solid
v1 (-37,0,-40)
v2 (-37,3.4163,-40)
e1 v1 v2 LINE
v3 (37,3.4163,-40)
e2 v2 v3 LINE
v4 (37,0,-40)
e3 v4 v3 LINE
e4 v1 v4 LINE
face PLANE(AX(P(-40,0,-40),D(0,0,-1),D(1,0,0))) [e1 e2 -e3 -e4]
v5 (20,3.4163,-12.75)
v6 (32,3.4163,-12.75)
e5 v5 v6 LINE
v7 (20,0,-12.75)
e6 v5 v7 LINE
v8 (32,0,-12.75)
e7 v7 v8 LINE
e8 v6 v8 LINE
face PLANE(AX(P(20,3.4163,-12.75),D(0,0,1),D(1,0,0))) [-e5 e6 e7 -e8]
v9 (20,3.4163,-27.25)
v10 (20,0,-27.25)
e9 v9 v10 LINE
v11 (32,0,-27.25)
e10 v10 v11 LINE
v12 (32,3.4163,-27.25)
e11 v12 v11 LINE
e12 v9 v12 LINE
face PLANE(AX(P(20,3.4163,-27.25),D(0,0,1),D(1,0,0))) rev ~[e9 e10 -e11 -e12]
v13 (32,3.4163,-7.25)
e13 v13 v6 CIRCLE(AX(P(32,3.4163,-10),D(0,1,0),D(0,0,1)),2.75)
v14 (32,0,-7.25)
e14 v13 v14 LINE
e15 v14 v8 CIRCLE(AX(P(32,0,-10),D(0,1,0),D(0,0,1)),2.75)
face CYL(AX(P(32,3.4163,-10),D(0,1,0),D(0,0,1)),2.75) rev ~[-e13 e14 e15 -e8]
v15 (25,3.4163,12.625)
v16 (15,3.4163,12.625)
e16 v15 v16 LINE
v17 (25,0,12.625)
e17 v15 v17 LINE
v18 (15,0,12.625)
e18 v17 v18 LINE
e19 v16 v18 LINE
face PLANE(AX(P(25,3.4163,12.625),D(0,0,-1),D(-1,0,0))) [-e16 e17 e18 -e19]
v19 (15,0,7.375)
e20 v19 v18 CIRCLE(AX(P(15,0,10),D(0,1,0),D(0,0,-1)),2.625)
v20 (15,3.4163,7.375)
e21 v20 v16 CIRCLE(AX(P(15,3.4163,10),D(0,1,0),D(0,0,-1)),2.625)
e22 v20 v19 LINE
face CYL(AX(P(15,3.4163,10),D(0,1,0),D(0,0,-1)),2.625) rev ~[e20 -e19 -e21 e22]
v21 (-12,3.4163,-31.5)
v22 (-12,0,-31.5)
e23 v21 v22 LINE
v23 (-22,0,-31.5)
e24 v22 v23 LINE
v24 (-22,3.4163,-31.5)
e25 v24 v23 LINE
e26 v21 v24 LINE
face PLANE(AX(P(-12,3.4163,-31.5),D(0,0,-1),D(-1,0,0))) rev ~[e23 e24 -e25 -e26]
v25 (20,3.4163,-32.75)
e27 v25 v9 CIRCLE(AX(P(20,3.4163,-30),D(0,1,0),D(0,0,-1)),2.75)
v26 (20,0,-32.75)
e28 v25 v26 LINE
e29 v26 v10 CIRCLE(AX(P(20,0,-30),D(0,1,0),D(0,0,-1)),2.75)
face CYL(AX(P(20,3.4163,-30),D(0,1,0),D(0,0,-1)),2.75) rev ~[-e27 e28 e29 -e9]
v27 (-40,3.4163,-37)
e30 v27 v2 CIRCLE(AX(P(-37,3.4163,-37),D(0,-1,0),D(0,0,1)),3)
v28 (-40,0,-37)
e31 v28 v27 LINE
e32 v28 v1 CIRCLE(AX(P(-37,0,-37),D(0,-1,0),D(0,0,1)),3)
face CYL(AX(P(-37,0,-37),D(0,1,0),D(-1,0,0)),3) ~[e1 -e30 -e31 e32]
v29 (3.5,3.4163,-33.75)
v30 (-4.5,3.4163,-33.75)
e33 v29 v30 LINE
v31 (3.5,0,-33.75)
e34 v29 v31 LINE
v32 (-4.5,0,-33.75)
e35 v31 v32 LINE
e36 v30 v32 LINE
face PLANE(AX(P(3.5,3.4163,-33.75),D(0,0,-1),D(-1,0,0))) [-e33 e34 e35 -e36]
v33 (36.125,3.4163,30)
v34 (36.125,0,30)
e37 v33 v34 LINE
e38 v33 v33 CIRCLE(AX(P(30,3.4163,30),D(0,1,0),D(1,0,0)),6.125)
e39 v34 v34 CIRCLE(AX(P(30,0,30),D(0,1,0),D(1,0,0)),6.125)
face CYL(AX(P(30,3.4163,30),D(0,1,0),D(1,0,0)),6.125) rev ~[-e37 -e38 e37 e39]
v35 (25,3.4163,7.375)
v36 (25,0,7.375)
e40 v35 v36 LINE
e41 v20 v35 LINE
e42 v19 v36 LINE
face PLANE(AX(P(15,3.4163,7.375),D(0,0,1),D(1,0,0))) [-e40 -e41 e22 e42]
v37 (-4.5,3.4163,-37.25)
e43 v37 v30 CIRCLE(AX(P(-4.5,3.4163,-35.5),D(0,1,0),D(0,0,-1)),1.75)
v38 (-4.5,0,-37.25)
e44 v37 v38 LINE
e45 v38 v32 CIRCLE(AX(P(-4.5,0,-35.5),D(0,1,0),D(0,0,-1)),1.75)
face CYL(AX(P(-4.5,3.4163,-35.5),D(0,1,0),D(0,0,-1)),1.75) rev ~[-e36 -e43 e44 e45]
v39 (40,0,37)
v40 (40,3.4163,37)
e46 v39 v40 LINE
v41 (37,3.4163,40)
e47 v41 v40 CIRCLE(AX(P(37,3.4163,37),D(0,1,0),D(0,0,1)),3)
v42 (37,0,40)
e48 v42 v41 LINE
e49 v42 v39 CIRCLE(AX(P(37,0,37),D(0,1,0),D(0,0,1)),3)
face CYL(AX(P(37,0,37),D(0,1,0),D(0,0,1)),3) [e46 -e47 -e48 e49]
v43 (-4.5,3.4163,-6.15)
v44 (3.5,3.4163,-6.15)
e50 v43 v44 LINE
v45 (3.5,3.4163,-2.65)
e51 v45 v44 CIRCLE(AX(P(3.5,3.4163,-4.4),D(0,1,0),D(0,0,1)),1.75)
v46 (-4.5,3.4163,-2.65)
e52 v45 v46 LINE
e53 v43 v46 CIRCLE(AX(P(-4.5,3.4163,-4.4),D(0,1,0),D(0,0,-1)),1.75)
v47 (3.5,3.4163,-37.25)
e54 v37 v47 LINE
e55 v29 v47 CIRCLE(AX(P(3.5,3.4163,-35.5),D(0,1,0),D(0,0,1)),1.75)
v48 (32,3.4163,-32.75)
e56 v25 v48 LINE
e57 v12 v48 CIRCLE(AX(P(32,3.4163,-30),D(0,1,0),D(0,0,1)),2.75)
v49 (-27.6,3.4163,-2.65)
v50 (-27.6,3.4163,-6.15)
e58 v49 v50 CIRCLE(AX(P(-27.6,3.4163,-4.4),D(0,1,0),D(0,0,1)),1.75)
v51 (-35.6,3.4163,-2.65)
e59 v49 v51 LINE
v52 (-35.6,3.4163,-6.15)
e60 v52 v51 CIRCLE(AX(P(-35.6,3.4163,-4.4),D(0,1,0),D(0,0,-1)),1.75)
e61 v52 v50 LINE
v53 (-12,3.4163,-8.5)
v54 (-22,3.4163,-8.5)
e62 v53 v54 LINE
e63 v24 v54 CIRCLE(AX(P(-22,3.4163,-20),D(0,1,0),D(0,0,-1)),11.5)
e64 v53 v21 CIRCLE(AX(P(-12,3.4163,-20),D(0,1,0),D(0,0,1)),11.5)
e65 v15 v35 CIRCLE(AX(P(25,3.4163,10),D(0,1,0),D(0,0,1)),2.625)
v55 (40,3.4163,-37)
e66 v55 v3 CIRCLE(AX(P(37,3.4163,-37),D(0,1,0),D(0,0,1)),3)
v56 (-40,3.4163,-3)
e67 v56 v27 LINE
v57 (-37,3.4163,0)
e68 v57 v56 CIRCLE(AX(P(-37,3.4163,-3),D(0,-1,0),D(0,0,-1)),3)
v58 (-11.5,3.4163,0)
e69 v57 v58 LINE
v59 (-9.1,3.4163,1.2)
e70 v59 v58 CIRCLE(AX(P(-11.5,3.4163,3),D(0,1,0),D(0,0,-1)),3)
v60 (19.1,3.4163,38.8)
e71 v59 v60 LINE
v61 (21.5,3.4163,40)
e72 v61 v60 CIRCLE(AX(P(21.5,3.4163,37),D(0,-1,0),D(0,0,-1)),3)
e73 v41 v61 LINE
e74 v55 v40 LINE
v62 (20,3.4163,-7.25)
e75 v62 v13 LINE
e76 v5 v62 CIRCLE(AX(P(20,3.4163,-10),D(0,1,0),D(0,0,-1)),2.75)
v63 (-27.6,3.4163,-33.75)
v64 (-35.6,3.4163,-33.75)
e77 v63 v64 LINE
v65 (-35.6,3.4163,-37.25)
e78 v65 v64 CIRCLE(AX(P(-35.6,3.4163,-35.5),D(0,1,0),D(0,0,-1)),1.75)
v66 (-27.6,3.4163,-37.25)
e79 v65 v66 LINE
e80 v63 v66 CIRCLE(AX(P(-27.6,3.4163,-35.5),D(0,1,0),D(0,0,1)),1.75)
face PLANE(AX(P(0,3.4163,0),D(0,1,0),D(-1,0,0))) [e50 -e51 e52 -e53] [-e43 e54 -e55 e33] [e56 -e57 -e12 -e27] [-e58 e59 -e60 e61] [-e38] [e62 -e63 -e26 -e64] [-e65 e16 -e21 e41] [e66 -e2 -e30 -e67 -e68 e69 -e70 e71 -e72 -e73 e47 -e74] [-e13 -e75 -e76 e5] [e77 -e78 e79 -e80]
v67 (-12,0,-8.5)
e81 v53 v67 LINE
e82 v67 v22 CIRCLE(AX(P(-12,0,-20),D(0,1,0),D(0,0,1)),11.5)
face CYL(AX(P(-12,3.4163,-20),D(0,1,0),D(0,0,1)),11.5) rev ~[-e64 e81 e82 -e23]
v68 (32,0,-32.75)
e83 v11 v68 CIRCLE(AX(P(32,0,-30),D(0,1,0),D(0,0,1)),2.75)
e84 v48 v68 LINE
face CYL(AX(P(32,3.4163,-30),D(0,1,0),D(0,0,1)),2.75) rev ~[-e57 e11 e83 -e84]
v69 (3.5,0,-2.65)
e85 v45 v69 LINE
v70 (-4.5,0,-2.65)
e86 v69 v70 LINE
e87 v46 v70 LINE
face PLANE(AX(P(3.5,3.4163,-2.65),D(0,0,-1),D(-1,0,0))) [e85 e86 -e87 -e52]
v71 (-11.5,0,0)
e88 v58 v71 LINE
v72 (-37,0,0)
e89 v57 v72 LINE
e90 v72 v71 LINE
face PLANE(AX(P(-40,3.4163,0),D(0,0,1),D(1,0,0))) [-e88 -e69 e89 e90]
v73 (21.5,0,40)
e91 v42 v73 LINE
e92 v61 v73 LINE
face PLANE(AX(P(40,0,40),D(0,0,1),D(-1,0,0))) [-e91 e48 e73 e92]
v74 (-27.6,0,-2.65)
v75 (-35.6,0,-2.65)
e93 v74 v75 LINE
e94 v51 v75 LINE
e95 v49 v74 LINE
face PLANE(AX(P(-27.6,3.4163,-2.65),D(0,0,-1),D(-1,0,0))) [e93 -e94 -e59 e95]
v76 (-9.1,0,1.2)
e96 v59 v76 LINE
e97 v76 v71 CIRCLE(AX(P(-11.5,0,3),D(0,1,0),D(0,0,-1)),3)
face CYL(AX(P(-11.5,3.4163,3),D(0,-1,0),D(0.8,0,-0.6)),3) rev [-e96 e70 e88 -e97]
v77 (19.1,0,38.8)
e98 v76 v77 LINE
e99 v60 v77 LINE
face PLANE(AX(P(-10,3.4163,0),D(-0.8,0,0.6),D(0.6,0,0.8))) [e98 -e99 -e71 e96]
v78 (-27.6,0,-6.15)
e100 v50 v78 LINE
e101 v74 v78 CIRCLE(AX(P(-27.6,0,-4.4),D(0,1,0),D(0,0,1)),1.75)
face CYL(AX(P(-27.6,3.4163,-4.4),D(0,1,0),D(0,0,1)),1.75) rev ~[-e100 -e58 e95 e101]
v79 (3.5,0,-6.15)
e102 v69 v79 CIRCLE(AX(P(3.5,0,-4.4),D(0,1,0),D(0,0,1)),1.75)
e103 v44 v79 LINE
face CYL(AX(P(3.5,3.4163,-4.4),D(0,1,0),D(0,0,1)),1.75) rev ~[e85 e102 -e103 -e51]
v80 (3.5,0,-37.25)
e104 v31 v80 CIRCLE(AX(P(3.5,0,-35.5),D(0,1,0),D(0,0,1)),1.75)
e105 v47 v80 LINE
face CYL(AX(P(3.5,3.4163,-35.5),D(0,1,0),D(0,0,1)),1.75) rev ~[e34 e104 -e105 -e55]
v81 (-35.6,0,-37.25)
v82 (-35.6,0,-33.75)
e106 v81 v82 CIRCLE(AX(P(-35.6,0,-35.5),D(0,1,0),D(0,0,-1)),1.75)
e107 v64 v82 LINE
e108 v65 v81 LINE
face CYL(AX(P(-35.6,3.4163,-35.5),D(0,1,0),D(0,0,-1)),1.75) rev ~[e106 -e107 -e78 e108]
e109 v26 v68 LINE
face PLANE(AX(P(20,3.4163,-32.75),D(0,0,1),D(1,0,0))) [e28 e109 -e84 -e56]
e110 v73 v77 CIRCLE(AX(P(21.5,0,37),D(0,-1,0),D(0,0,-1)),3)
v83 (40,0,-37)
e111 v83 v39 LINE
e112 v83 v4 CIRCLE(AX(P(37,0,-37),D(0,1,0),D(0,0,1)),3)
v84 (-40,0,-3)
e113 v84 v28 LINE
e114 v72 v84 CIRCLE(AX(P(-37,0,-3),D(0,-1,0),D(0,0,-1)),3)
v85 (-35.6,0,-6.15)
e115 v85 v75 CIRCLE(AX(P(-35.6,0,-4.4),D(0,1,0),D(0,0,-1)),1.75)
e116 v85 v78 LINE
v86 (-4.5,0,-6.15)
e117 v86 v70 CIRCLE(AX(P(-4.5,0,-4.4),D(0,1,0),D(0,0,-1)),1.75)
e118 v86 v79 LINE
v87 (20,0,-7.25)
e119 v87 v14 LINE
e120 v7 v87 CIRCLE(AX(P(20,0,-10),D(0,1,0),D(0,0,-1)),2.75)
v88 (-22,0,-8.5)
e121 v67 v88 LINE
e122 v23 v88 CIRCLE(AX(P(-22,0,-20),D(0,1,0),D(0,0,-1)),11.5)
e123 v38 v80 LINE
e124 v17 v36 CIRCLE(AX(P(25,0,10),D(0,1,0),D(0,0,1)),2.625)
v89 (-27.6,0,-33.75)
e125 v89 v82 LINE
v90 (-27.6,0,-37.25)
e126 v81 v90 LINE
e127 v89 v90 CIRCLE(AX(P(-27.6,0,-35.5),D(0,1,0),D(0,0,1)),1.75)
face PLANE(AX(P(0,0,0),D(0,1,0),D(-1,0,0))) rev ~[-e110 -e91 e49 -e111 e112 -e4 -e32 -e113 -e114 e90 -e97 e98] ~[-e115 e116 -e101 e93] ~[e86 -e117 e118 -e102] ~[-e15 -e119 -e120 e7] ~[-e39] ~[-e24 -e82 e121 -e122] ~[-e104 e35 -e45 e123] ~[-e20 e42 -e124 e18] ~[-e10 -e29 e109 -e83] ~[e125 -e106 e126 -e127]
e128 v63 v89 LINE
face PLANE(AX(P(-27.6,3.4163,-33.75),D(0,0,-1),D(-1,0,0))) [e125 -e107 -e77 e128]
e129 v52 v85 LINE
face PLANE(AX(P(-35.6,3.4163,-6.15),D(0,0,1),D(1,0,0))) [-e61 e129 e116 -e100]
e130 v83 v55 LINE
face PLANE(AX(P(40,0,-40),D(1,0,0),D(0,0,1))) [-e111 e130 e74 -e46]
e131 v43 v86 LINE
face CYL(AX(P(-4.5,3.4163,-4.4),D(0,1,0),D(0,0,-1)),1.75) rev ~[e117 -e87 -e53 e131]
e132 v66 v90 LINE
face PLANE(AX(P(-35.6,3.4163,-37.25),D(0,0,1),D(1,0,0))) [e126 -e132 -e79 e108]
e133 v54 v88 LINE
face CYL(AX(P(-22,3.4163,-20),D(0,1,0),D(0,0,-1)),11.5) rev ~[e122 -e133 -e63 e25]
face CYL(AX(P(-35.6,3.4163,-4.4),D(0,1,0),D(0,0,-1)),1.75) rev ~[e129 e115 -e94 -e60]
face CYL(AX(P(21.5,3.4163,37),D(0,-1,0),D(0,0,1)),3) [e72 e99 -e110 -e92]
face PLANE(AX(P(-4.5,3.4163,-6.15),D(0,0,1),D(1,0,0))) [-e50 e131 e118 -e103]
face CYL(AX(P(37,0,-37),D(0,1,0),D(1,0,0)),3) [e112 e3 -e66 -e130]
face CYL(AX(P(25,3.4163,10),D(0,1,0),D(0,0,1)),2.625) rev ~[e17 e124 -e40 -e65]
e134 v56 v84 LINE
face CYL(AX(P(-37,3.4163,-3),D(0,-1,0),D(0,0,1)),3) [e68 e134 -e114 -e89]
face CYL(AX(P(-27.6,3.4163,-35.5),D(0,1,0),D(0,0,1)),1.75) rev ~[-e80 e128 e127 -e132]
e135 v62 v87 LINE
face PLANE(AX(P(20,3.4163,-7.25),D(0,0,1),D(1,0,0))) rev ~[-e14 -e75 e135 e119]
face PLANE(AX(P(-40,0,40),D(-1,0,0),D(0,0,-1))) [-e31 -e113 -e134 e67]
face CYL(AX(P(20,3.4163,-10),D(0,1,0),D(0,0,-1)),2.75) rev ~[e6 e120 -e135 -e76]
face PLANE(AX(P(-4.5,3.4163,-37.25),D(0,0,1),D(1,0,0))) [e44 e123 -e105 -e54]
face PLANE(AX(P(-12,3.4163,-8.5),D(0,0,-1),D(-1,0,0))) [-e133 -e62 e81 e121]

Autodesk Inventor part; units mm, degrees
ref_plane "YZ Plane" through (0, 0, 0) normal (1, 0, 0) x (0, 1, 0)
ref_plane "XZ Plane" through (0, 0, 0) normal (0, 1, 0) x (-1, 0, 0)
ref_plane "XY Plane" through (0, 0, 0) normal (0, 0, 1) x (1, 0, 0)
sketch "Sketch1" plane through (0, 0, 0) normal (0, 1, 0) x (-1, 0, 0)
  line L0 (-40, 40) -> (40, 40)
  line L1 (40, 40) -> (40, -40)
  line L2 (40, -40) -> (-40, -40)
  line L3 (-40, -40) -> (-40, 40)
  point P0 (0, 0)
  dimension "d0" = 80
  dimension "d1" = 80
  dimension "d2" = 40
  dimension "d3" = 40
extrude "Extrusion1" add sketch "Sketch1" along normal blind 3.4163
sketch "Sketch2" plane through (0, 3.4163, 0) normal (0, 1, 0) x (1, 0, 0)
  line L0 (40, -40) -> (40, 40) projected
  line L1 (40, 40) -> (-40, 40) projected
  arc A0 (20, 32.75) -> (20, 27.25) centre (20, 30) ccw
  arc A1 (20, 12.75) -> (20, 7.25) centre (20, 10) ccw
  line L2 (20, 32.75) -> (32, 32.75)
  line L3 (20, 27.25) -> (32, 27.25)
  line L4 (20, 12.75) -> (32, 12.75)
  line L5 (20, 7.25) -> (32, 7.25)
  arc A2 (32, 27.25) -> (32, 32.75) centre (32, 30) ccw
  arc A3 (32, 7.25) -> (32, 12.75) centre (32, 10) ccw
  point P0 (0, 0)
  point P1 (40, 32.75)
  point P2 (40, 27.25)
  point P3 (40, 12.75)
  point P4 (40, 7.25)
  dimension "d6" = 5.5
  dimension "d7" = 5.5
  dimension "d8" = 20
  dimension "d9" = 10
  dimension "d10" = 20
  dimension "d11" = 20
  dimension "d72" = 5.5
  dimension "d73" = 10
  dimension "d74" = 8
  dimension "d75" = 5.5
  dimension "d76" = 20
  dimension "d77" = 8
extrude "Extrusion2" cut sketch "Sketch2" against normal through all
sketch "Sketch3" plane through (0, 3.4163, 0) normal (0, 1, 0) x (1, 0, 0)
  line L0 (40, 40) -> (-40, 40) projected
  line L1 (40, -40) -> (40, 40) projected
  circle A0 centre (30, -30) radius 6.125
  point P0 (40, 7.25)
  point P1 (0, 0)
  dimension "d14" = 12.25
  dimension "d15" = 10
  dimension "d16" = 70
extrude "Extrusion3" cut sketch "Sketch3" against normal through all
sketch "Sketch4" plane through (0, 3.4163, 0) normal (0, 1, 0) x (1, 0, 0)
  line L0 (40, 40) -> (-40, 40) projected
  line L1 (-40, 40) -> (-40, -40) projected
  line L2 (-40, -40) -> (40, -40) projected
  line L3 (32, 27.25) -> (20, 27.25) projected
  line L4 (-40, 0) -> (-10, 0)
  line L5 (-10, 0) -> (20, -40)
  point P0 (40, 27.25)
  point P1 (0, 0)
  dimension "d19" = 30
  dimension "d21" = 40
  dimension "d22" = 60
extrude "Extrusion4" cut sketch "Sketch4" against normal through all
fillet "Fillet1" radius 3 6 edges at (40, 1.7082, 40) (20, 1.7082, 40) (40, 1.7082, -40) (-10, 1.7082, 0) (-40, 1.7082, 0) (-40, 1.7082, -40)
sketch "Sketch5" plane through (0, 3.4163, 0) normal (0, 1, 0) x (1, 0, 0)
  line L0 (40, -37) -> (40, 37) projected
  line L1 (37, 40) -> (-37, 40) projected
  arc A0 (-12, 8.5) -> (-12, 31.5) centre (-12, 20) ccw
  line L2 (-12, 31.5) -> (-22, 31.5)
  line L3 (-12, 8.5) -> (-22, 8.5)
  arc A1 (-22, 31.5) -> (-22, 8.5) centre (-22, 20) ccw
  point P0 (40, 15.75)
  point P1 (40, 24.25)
  point P2 (0, 0)
  dimension "d26" = 23
  dimension "d27" = 52
  dimension "d35" = 23
  dimension "d36" = 10
  dimension "d37" = 10
  dimension "d38" = 20
  dimension "d39" = 20
  dimension "d42" = 52
  dimension "d81" = 8.5
  dimension "d82" = 8.5
extrude "Extrusion5" cut sketch "Sketch5" against normal through all
sketch "Sketch6" plane through (0, 3.4163, 0) normal (0, 1, 0) x (1, 0, 0)
  line L0 (40, -37) -> (40, 37) projected
  line L1 (37, 40) -> (-37, 40) projected
  arc A0 (3.5, 33.75) -> (3.5, 37.25) centre (3.5, 35.5) ccw
  arc A1 (-4.5, 37.25) -> (-4.5, 33.75) centre (-4.5, 35.5) ccw
  line L2 (-4.5, 37.25) -> (3.5, 37.25)
  line L3 (3.5, 33.75) -> (-4.5, 33.75)
  point P0 (40, 35.75)
  point P1 (0, 0)
  dimension "d48" = 3.5
  dimension "d49" = 4.5
  dimension "d50" = 36.5
  dimension "d51" = 3.5
  dimension "d52" = 4.5
  dimension "d53" = 44.5
  dimension "d78" = 8
extrude "Extrusion6" cut sketch "Sketch6" against normal through all
pattern_linear "Rectangular Pattern1" count 2 spacing 31.1 along (-1, 0, 0) count 2 spacing 31.1 along (0, 0, 1) of "Extrusion6"
sketch "Sketch7" plane through (0, 3.4163, 0) normal (0, 1, 0) x (1, 0, 0)
  line L0 (21.5, -40) -> (37, -40) projected
  line L1 (40, -37) -> (40, 37) projected
  arc A0 (25, -12.625) -> (25, -7.375) centre (25, -10) ccw
  arc A1 (15, -7.375) -> (15, -12.625) centre (15, -10) ccw
  line L2 (15, -7.375) -> (25, -7.375)
  line L3 (25, -12.625) -> (15, -12.625)
  point P0 (40, 4.25)
  point P1 (0, 0)
  dimension "d63" = 5.25
  dimension "d64" = 15
  dimension "d65" = 30
  dimension "d66" = 5.25
  dimension "d67" = 10
  dimension "d68" = 30
  dimension "d69" = 10
extrude "Extrusion7" cut sketch "Sketch7" against normal through all
equation "\"d73\" = d9"
equation "\"d76\" = d8"
equation "\"d77\" = d74"
equation "\"d35\" = d26"
equation "\"d42\" = d27"
equation "\"d66\" = d63"
properties part number "z_motor_mount_plate"
